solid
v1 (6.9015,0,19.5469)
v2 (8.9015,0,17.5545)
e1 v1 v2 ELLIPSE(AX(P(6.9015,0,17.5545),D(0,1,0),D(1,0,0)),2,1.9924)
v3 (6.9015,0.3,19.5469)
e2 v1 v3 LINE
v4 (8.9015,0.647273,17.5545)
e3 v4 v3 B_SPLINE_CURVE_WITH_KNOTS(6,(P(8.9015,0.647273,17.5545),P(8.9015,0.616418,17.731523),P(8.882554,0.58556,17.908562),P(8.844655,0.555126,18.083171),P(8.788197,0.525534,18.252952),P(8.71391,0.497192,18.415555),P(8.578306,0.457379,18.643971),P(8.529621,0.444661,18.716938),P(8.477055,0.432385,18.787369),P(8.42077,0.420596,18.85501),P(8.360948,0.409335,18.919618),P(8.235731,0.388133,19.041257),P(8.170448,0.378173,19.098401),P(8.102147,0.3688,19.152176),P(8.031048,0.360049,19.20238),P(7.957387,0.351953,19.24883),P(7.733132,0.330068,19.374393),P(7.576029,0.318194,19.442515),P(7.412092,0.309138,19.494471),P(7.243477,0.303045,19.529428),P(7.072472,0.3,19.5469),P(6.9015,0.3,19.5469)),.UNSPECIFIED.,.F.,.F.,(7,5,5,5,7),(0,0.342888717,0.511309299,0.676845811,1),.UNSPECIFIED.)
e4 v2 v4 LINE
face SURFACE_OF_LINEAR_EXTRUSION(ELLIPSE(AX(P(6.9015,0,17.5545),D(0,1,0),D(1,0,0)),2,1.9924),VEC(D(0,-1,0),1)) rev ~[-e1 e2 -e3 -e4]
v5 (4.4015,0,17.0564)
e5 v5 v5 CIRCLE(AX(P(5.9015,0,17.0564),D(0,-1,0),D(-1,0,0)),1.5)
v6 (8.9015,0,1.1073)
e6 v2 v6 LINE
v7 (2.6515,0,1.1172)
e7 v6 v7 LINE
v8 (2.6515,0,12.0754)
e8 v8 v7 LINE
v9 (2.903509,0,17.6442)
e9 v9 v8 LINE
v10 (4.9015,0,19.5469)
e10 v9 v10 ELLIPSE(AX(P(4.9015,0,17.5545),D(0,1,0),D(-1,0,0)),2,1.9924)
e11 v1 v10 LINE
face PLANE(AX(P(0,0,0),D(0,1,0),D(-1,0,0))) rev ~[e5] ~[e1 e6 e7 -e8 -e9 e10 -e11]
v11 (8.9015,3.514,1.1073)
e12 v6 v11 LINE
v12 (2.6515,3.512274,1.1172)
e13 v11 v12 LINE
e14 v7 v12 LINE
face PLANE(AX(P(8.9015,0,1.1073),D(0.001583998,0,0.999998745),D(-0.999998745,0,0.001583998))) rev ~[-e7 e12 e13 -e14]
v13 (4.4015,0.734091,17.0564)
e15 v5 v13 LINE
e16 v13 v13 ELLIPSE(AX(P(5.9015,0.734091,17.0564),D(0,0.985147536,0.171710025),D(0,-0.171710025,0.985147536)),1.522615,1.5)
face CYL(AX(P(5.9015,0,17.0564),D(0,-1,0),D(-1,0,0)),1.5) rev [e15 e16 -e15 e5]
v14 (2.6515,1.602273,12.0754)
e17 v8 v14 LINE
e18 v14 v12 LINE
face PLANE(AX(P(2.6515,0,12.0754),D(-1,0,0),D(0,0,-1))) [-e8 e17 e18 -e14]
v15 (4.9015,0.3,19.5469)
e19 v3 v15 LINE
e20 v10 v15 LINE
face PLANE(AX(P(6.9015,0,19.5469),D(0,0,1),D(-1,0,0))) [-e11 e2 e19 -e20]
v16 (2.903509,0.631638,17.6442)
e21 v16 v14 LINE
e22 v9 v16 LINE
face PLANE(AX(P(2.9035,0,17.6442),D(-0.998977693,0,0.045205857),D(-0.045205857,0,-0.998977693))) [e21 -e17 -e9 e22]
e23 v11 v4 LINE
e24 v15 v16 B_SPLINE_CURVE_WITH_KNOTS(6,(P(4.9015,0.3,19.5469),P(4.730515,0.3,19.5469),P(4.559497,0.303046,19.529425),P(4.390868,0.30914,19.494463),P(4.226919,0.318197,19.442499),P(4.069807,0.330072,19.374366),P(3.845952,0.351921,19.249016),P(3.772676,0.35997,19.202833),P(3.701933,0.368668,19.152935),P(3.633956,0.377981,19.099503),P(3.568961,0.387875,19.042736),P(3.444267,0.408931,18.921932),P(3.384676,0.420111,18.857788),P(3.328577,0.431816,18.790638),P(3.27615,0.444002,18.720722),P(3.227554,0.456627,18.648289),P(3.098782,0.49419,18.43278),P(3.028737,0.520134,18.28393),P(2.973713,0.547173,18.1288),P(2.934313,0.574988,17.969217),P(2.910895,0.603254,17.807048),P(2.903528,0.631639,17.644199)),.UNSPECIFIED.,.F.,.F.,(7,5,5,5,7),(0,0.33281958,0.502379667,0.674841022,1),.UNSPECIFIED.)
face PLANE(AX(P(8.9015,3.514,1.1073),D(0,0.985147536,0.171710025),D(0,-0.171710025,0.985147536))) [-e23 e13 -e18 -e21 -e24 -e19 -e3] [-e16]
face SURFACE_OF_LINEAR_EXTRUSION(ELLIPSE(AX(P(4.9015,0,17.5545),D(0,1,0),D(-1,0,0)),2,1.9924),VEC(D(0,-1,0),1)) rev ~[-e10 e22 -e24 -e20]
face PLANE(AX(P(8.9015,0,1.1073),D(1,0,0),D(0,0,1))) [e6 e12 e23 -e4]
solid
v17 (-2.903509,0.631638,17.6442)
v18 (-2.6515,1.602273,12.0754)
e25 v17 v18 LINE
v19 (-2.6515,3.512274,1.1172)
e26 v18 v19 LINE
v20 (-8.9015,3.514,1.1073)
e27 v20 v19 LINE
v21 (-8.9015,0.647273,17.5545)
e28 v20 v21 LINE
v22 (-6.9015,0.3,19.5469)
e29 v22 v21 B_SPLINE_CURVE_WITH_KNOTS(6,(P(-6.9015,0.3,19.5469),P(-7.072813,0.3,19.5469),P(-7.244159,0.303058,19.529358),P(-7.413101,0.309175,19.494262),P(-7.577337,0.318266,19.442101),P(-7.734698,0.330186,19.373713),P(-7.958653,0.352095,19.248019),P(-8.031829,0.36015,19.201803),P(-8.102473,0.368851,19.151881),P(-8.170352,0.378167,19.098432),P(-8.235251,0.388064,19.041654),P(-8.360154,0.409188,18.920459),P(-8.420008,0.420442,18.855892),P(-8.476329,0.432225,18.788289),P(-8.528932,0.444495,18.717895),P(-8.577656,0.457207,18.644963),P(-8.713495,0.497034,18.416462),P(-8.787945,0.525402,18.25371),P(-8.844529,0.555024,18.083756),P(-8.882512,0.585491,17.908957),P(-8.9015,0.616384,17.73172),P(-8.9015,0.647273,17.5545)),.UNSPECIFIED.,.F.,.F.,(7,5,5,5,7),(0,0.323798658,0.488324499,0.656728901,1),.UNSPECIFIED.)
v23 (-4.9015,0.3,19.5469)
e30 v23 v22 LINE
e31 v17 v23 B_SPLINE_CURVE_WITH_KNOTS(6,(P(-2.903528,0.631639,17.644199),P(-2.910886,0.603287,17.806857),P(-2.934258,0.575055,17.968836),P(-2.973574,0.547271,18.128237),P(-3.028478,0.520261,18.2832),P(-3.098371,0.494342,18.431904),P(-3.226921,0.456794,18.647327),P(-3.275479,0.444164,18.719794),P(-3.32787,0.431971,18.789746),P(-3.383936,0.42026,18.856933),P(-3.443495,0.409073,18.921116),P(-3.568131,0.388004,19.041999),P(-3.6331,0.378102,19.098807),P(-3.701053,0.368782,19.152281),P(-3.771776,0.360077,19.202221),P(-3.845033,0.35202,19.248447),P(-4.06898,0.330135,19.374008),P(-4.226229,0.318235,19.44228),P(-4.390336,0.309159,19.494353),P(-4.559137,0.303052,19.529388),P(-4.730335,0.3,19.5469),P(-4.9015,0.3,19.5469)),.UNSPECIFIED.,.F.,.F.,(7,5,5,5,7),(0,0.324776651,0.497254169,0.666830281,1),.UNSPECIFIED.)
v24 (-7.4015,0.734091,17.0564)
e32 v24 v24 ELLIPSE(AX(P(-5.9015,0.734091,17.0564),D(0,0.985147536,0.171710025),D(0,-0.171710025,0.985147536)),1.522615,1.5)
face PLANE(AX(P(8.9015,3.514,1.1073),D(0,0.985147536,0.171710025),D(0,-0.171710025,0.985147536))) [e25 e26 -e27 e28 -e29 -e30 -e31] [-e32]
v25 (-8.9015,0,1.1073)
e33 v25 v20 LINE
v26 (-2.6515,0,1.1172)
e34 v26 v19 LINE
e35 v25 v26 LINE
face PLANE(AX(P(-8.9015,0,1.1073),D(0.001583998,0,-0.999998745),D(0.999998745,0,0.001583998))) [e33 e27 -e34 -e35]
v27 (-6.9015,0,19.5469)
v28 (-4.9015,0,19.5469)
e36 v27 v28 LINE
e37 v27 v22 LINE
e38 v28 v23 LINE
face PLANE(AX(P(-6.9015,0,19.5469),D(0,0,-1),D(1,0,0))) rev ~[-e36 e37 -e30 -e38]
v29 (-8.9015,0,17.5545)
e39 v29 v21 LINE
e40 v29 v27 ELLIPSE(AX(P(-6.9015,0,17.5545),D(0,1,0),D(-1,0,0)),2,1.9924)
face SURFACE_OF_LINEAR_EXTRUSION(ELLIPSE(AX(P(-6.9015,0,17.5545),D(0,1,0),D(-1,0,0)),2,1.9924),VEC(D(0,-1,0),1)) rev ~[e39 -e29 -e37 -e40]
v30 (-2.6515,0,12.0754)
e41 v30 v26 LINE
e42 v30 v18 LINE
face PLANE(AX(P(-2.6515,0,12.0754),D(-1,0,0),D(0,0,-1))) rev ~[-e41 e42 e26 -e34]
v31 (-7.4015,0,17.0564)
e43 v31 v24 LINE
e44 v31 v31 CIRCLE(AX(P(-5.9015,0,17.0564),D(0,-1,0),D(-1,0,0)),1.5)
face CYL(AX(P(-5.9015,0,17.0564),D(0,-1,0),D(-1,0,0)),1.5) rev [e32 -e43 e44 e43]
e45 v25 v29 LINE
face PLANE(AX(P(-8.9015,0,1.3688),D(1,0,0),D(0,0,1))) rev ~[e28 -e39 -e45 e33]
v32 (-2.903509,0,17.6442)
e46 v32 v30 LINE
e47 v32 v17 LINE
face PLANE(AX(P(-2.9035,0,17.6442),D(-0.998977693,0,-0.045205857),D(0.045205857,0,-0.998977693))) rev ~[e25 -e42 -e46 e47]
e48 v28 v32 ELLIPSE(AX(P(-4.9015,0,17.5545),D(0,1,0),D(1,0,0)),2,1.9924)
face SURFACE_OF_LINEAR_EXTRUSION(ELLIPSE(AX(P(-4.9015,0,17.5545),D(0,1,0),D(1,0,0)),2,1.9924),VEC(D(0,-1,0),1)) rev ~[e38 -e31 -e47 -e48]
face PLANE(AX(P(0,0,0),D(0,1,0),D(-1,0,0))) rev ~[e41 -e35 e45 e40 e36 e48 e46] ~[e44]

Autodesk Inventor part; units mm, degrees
ref_plane "YZ Plane" through (0, 0, 0) normal (1, 0, 0) x (0, 1, 0)
ref_plane "XZ Plane" through (0, 0, 0) normal (0, 1, 0) x (-1, 0, 0)
ref_plane "XY Plane" through (0, 0, 0) normal (0, 0, 1) x (1, 0, 0)
sketch "Sketch1" plane through (0, 0, 0) normal (0, 1, 0) x (-1, 0, 0)
  line L0 (-8.9015, 1.1073) -> (-8.9015, 17.5545)
  line L1 (-2.6515, 1.1073) -> (-8.9015, 1.1073)
  line L2 (-2.6515, 12.0754) -> (-2.6515, 1.1172)
  line L3 (-2.9035, 17.6442) -> (-2.6515, 12.0754)
  ellipse E0 centre (-4.9015, 17.5545) end of major axis (-2.9015, 17.5545) minor radius 1.9924 (-2.9035, 17.6442) -> (-4.9015, 19.5469) ccw
  line L4 (-6.9015, 19.5469) -> (-4.9015, 19.5469)
  ellipse E1 centre (-6.9015, 17.5545) end of major axis (-8.9015, 17.5545) minor radius 1.9924 (-6.9015, 19.5469) -> (-8.9015, 17.5545) ccw
  ellipse E2 centre (-5.9015, 17.0564) end of major axis (-4.4015, 17.0564) minor radius 1.4943
  line L5 (-8.9015, 1.1073) -> (-8.9015, 1.3688)
  line L6 (-8.9015, 1.1073) -> (-2.6515, 1.1172)
  line L7 (-2.6515, 1.1172) -> (-2.6515, 12.0754)
  line L8 (-2.6515, 12.0754) -> (-2.9035, 17.6442)
  line L9 (-8.9015, 1.1073) -> (-8.9015, 17.5545)
  line L10 (-6.9015, 19.5469) -> (-4.9015, 19.5469)
  circle A0 centre (-5.9015, 17.0564) radius 1.5
  line L11 (8.9015, 1.1073) -> (8.9015, 17.5545)
  line L12 (2.6515, 1.1073) -> (8.9015, 1.1073)
  line L13 (2.6515, 12.0754) -> (2.6515, 1.1172)
  line L14 (2.9035, 17.6442) -> (2.6515, 12.0754)
  ellipse E3 centre (4.9015, 17.5545) end of major axis (2.9015, 17.5545) minor radius 1.9924 (4.9015, 19.5469) -> (2.9035, 17.6442) ccw
  line L15 (6.9015, 19.5469) -> (4.9015, 19.5469)
  ellipse E4 centre (6.9015, 17.5545) end of major axis (8.9015, 17.5545) minor radius 1.9924 (8.9015, 17.5545) -> (6.9015, 19.5469) ccw
  ellipse E5 centre (5.9015, 17.0564) end of major axis (4.4015, 17.0564) minor radius 1.4943
  line L16 (8.9015, 1.1073) -> (8.9015, 1.3688)
  line L17 (8.9015, 1.1073) -> (2.6515, 1.1172)
  line L18 (2.6515, 1.1172) -> (2.6515, 12.0754)
  line L19 (2.6515, 12.0754) -> (2.9035, 17.6442)
  line L20 (8.9015, 1.1073) -> (8.9015, 17.5545)
  line L21 (6.9015, 19.5469) -> (4.9015, 19.5469)
  circle A1 centre (5.9015, 17.0564) radius 1.5
  point P0 (0, 0)
  point P1 (-18.0813, 13.3212)
extrude "Extrusion1" add sketch "Sketch1" along normal blind 10
sketch "Sketch2" plane through (8.9015, 0, 17.5545) normal (1, 0, 0) x (0, 0, -1)
  line L0 (0, 0) -> (-1.9924, 0) projected
  line L1 (16.4472, 3.514) -> (-1.9924, 0.3)
  line L2 (16.4472, 3.514) -> (16.4472, 11.6392)
  line L3 (16.4472, 11.6392) -> (-1.9924, 11.6392)
  line L4 (-1.9924, 11.6392) -> (-1.9924, 0.3)
  point P0 (17.5545, 0)
  point P1 (16.4472, 0)
  dimension "d4" = 0.3
  dimension "d5" = 3.514
extrude "Extrusion2" cut sketch "Sketch2" against normal through all
properties part number "10degree spacer"
